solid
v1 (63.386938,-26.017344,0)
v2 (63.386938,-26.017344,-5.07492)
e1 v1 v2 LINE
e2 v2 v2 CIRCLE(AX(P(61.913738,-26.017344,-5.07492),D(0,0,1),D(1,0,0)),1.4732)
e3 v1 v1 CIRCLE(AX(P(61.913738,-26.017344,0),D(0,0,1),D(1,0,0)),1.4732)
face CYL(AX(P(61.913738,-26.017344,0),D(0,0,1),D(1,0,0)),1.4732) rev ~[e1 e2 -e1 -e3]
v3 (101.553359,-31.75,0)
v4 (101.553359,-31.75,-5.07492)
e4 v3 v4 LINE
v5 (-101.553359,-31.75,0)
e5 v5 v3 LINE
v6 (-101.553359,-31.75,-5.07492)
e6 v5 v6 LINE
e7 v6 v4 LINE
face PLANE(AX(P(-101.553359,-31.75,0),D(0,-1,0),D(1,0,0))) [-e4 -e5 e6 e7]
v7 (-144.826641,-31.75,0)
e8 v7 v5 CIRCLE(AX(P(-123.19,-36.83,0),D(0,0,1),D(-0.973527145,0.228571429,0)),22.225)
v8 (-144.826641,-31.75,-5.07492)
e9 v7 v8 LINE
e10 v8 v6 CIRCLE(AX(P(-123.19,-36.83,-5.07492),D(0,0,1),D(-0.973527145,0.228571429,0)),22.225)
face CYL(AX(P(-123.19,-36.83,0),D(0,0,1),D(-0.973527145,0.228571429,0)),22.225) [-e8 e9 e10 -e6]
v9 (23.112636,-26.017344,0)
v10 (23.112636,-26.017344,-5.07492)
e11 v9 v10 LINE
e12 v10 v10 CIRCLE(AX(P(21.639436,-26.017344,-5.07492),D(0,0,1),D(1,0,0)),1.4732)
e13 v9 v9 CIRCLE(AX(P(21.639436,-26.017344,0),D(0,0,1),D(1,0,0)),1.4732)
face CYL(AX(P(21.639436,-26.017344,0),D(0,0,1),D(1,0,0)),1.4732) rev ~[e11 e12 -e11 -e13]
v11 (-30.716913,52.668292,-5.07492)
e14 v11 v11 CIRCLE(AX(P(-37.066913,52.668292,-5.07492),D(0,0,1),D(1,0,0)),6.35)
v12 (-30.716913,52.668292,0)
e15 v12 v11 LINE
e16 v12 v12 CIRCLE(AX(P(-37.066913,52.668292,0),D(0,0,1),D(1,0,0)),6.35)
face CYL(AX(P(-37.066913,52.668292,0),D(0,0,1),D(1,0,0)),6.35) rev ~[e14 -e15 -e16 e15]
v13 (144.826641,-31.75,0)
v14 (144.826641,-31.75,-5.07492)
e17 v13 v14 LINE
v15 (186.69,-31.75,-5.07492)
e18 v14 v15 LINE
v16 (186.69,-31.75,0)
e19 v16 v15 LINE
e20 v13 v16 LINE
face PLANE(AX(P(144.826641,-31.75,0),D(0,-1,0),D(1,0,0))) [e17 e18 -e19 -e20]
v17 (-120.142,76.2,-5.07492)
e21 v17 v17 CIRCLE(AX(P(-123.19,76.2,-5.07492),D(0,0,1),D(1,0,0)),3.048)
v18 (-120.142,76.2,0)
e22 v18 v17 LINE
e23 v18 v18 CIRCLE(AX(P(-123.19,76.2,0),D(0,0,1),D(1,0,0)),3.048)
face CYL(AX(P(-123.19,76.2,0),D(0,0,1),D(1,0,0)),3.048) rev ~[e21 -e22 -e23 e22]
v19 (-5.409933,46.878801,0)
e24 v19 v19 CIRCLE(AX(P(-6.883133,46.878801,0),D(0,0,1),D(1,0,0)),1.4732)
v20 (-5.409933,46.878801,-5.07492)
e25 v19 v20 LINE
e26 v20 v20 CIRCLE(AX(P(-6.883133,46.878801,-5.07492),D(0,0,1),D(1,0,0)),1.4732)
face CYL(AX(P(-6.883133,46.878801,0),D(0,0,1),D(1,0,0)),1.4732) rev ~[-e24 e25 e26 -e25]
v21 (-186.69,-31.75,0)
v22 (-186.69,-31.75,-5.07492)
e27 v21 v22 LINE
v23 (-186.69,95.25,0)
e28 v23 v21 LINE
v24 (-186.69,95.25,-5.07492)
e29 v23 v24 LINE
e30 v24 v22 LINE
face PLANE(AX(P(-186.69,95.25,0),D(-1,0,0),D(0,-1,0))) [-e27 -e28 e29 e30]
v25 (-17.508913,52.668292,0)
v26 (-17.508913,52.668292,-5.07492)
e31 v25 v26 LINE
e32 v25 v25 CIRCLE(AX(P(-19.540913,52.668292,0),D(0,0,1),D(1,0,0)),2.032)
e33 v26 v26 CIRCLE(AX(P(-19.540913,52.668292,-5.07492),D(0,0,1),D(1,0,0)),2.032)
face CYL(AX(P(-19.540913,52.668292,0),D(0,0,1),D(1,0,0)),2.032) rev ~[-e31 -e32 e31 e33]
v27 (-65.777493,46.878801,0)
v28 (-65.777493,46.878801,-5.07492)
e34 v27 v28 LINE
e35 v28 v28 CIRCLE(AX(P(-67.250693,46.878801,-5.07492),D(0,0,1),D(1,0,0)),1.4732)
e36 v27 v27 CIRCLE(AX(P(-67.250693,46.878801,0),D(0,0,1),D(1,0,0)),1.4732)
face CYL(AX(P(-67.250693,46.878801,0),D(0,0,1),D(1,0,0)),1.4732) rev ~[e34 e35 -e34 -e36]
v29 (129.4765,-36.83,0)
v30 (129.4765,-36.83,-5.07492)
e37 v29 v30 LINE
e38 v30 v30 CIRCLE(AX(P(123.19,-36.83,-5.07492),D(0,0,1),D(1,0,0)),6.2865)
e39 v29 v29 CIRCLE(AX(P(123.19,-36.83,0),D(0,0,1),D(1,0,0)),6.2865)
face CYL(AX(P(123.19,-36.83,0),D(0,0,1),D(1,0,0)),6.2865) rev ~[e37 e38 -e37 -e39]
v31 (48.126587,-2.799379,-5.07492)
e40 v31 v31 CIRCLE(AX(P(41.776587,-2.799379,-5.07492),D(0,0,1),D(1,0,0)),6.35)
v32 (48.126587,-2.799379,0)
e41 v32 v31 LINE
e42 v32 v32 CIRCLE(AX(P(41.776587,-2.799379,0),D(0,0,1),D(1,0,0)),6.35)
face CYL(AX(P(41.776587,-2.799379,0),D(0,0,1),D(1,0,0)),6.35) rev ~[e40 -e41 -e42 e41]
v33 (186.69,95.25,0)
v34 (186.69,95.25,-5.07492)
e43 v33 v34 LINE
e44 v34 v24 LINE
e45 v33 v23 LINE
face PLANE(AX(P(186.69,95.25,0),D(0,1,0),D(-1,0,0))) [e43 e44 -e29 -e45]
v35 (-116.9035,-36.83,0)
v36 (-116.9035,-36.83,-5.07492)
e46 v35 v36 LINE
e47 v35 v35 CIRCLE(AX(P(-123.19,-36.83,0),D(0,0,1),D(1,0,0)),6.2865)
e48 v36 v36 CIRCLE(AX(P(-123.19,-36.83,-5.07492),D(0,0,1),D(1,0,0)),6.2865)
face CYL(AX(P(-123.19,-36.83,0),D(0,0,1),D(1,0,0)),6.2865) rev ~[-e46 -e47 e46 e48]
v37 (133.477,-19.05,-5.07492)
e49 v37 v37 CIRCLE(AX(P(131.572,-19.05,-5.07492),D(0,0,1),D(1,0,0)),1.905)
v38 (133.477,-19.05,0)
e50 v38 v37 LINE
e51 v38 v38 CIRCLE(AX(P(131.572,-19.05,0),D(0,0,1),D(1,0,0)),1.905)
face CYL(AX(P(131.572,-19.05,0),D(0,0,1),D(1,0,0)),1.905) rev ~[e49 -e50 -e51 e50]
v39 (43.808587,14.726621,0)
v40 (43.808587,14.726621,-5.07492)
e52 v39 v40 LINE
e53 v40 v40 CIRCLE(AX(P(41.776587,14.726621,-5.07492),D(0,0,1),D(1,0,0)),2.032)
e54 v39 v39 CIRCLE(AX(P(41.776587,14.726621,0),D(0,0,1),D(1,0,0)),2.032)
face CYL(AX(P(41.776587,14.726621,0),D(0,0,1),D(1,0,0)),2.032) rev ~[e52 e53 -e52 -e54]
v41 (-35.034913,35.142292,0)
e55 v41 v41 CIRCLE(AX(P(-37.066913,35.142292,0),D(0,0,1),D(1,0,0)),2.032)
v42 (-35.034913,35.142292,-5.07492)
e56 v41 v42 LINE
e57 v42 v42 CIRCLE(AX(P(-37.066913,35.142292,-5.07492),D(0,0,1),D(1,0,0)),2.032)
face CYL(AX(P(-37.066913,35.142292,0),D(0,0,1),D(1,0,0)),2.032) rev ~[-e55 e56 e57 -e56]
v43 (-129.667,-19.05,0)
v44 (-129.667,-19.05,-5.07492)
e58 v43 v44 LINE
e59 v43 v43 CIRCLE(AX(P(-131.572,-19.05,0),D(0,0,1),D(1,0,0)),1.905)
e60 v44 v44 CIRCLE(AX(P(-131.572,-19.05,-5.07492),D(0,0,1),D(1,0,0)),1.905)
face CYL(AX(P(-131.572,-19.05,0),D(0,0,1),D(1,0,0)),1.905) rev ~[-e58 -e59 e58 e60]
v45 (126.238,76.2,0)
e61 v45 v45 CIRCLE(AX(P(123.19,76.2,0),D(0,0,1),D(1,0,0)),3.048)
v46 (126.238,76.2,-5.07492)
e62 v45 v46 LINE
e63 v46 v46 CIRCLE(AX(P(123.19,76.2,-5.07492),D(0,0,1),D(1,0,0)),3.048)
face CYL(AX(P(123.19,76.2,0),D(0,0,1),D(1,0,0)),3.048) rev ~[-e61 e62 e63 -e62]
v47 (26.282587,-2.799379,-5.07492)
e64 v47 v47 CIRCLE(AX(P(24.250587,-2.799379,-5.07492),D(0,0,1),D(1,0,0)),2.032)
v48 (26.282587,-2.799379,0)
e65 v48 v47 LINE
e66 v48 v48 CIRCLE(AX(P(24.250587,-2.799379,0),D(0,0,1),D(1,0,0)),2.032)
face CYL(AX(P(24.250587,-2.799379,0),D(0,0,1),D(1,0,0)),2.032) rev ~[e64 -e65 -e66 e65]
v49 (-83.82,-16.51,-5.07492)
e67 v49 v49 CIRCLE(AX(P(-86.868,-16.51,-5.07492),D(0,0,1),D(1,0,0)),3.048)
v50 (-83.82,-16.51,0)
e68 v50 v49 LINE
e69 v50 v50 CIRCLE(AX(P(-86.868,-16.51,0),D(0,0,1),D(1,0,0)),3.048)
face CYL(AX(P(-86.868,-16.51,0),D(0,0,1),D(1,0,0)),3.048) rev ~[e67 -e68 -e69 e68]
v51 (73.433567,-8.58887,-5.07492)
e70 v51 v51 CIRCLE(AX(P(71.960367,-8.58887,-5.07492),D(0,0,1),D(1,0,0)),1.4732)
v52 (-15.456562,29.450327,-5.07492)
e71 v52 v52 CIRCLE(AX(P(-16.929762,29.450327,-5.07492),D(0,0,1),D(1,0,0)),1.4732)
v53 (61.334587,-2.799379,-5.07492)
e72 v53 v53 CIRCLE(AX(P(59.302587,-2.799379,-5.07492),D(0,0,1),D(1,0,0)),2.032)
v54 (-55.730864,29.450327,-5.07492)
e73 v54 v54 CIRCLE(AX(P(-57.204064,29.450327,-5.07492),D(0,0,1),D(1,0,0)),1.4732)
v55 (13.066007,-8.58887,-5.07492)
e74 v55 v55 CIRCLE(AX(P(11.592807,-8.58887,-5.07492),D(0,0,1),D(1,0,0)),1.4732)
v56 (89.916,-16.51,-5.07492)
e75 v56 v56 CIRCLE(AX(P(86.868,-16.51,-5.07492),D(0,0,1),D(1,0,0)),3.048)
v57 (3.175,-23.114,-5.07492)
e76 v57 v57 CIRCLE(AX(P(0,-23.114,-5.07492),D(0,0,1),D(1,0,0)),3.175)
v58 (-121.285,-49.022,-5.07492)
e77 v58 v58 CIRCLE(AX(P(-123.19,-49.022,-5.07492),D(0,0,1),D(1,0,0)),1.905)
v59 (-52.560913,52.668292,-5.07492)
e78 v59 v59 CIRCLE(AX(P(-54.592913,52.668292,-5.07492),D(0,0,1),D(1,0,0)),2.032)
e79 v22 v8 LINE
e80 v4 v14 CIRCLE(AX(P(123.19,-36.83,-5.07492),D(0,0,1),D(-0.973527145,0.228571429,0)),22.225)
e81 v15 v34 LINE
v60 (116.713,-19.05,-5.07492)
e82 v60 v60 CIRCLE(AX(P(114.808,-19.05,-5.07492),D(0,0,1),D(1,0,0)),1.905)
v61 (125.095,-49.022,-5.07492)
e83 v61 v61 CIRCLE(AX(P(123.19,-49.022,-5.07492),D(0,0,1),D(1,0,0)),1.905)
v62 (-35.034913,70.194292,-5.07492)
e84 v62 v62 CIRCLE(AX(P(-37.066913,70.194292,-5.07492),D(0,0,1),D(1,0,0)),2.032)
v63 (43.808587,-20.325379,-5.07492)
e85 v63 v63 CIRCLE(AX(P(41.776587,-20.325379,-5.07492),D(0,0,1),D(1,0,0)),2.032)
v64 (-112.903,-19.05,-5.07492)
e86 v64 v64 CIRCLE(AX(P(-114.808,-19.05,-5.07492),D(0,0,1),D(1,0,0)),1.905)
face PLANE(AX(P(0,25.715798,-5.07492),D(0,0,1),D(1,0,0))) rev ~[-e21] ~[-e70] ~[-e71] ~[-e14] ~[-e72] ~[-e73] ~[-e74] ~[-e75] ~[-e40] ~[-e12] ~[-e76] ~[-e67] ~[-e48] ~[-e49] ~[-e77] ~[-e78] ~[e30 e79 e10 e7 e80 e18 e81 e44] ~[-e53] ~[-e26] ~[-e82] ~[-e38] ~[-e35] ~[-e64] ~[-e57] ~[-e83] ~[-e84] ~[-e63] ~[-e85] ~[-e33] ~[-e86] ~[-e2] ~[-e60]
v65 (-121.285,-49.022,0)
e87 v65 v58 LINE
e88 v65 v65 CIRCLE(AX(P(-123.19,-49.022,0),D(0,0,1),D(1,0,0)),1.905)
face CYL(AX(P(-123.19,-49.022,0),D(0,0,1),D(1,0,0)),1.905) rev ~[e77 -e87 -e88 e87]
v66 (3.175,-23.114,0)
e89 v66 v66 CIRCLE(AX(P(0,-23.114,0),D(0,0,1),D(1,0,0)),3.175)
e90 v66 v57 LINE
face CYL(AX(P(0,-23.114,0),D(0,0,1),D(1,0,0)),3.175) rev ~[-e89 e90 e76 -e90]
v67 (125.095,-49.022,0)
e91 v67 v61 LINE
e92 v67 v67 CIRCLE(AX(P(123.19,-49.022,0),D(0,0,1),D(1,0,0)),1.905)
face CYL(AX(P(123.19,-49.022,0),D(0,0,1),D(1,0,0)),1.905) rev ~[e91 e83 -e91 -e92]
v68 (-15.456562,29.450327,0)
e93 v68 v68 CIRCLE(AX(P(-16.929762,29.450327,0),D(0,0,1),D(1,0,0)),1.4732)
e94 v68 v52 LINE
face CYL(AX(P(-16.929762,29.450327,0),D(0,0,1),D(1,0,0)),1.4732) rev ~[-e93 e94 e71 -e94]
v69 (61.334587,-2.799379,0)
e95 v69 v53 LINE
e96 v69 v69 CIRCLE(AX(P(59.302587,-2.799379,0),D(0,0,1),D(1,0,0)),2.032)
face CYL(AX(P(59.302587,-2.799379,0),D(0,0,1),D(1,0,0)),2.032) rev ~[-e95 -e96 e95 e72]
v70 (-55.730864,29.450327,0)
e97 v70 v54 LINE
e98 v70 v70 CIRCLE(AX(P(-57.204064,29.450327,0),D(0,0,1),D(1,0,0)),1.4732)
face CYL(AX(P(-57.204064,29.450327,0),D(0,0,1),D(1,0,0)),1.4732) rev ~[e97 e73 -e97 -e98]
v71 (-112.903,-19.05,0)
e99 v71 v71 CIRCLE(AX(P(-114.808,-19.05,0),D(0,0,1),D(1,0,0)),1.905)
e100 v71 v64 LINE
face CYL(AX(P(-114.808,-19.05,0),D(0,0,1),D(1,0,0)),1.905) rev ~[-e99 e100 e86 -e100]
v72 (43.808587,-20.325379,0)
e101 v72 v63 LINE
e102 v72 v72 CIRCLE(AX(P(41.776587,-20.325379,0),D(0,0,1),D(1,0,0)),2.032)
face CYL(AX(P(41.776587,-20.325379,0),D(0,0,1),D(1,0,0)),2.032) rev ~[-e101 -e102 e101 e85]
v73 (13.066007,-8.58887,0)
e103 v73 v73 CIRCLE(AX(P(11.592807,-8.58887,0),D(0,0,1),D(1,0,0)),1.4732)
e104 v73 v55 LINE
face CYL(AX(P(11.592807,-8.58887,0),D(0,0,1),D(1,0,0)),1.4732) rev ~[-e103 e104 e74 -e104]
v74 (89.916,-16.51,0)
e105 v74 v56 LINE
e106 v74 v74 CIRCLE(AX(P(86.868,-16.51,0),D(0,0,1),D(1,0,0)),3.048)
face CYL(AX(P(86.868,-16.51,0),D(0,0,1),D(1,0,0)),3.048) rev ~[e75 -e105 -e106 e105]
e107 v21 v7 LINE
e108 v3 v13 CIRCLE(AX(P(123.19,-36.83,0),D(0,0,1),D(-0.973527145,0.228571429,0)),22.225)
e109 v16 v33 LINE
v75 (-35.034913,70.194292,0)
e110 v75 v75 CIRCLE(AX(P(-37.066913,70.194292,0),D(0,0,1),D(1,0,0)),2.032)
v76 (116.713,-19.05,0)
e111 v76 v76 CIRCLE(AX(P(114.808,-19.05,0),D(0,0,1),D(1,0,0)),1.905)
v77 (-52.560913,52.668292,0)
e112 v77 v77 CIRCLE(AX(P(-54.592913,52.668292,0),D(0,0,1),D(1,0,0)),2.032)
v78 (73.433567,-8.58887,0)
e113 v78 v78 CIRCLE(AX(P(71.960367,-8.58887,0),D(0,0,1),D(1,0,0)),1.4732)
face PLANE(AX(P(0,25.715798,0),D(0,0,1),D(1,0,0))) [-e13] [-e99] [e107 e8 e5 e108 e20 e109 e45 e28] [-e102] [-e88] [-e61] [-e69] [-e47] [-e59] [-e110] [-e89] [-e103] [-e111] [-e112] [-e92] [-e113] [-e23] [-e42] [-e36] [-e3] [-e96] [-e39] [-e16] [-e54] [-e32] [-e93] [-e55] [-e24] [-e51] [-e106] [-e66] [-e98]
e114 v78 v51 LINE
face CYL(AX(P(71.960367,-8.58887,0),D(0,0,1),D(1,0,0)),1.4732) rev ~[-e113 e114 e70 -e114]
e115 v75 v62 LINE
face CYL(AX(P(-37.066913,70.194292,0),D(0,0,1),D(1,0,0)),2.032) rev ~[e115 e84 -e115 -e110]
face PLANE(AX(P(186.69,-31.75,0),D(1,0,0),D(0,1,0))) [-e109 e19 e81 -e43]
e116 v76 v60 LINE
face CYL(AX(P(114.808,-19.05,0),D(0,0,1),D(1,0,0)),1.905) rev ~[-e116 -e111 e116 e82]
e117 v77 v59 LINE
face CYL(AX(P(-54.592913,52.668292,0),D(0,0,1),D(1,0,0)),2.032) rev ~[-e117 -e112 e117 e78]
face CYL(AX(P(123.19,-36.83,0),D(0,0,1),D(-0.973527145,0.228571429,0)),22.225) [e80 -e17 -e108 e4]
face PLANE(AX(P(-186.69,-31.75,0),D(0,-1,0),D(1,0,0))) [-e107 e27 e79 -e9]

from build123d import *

# Parameters (mm, degrees)
SKETCH2_R           = 3.048
BOSS_EXTRUDE1_DEPTH = 5.07492
SKETCH2_4_R         = 6.2865
CUT_EXTRUDE11_DEPTH = 210.646067011
SKETCH3_R           = 6.35
SKETCH3_R_2         = 2.032
CUT_EXTRUDE12_DEPTH = 210.646067011
SKETCH5_R           = 1.4732
CUT_EXTRUDE13_DEPTH = 210.646067011
SKETCH7_R           = 1.905
CUT_EXTRUDE14_DEPTH = 210.646067011
SKETCH8_R           = 3.175
CUT_EXTRUDE15_DEPTH = 210.646067011


with BuildPart() as part:
    # Sketch2 → Boss-Extrude1 (new body)
    with BuildSketch(Plane.XY):
        with BuildLine():
            Line((-186.69, -31.75), (-144.826640797, -31.75))
            ThreePointArc((-144.826640797, -31.75), (-123.19, -59.055), (-101.553359203, -31.75))
            Line((-101.553359203, -31.75), (101.553359203, -31.75))
            ThreePointArc((101.553359203, -31.75), (123.19, -59.055), (144.826640797, -31.75))
            Line((144.826640797, -31.75), (186.69, -31.75))
            Line((186.69, -31.75), (186.69, 95.25))
            Line((186.69, 95.25), (-186.69, 95.25))
            Line((-186.69, 95.25), (-186.69, -31.75))
        make_face()
        with Locations((-86.868, -16.51)):
            Circle(SKETCH2_R, mode=Mode.SUBTRACT)
        with Locations((86.868, -16.51)):
            Circle(SKETCH2_R, mode=Mode.SUBTRACT)
        with Locations((123.19, 76.2)):
            Circle(SKETCH2_R, mode=Mode.SUBTRACT)
        with Locations((-123.19, 76.2)):
            Circle(SKETCH2_R, mode=Mode.SUBTRACT)
    extrude(amount=-BOSS_EXTRUDE1_DEPTH)

    # Sketch2<4> → Cut-Extrude11 (cut, through all)
    with BuildSketch(Plane.XY):
        with Locations((-123.19, -36.83)):
            Circle(SKETCH2_4_R)
        with Locations((123.19, -36.83)):
            Circle(SKETCH2_4_R)
    extrude(amount=-CUT_EXTRUDE11_DEPTH, mode=Mode.SUBTRACT)

    # Sketch3 → Cut-Extrude12 (cut, through all)
    with BuildSketch(Plane.XY):
        with Locations((-37.066912964, 52.668292248)):
            Circle(SKETCH3_R)
        with Locations((41.776586977, -2.799378671)):
            Circle(SKETCH3_R)
        with Locations((-54.592912964, 52.668292248)):
            Circle(SKETCH3_R_2)
        with Locations((-37.066912964, 70.194292248)):
            Circle(SKETCH3_R_2)
        with Locations((-37.066912964, 35.142292248)):
            Circle(SKETCH3_R_2)
        with Locations((-19.540912964, 52.668292248)):
            Circle(SKETCH3_R_2)
        with Locations((24.250586977, -2.799378671)):
            Circle(SKETCH3_R_2)
        with Locations((59.302586977, -2.799378671)):
            Circle(SKETCH3_R_2)
        with Locations((41.776586977, 14.726621329)):
            Circle(SKETCH3_R_2)
        with Locations((41.776586977, -20.325378671)):
            Circle(SKETCH3_R_2)
    extrude(amount=-CUT_EXTRUDE12_DEPTH, mode=Mode.SUBTRACT)

    # Sketch5 → Cut-Extrude13 (cut, through all)
    with BuildSketch(Plane.XY):
        with Locations((-67.25069254, 46.878801212)):
            Circle(SKETCH5_R)
        with Locations((-6.883133387, 46.878801212)):
            Circle(SKETCH5_R)
        with Locations((-57.204064287, 29.45032738)):
            Circle(SKETCH5_R)
        with Locations((-16.929761641, 29.45032738)):
            Circle(SKETCH5_R)
        with Locations((11.5928074, -8.588869707)):
            Circle(SKETCH5_R)
        with Locations((71.960366554, -8.588869707)):
            Circle(SKETCH5_R)
        with Locations((21.639435654, -26.017343538)):
            Circle(SKETCH5_R)
        with Locations((61.9137383, -26.017343538)):
            Circle(SKETCH5_R)
    extrude(amount=-CUT_EXTRUDE13_DEPTH, mode=Mode.SUBTRACT)

    # Sketch7 → Cut-Extrude14 (cut, through all)
    with BuildSketch(Plane.XY):
        with Locations((131.572, -19.05)):
            Circle(SKETCH7_R)
        with Locations((114.808, -19.05)):
            Circle(SKETCH7_R)
        with Locations((-123.19, -49.022)):
            Circle(SKETCH7_R)
        with Locations((-131.572, -19.05)):
            Circle(SKETCH7_R)
        with Locations((-114.808, -19.05)):
            Circle(SKETCH7_R)
        with Locations((123.19, -49.022)):
            Circle(SKETCH7_R)
    extrude(amount=-CUT_EXTRUDE14_DEPTH, mode=Mode.SUBTRACT)

    # Sketch8 → Cut-Extrude15 (cut, through all)
    with BuildSketch(Plane.XY):
        with Locations((0, -23.114)):
            Circle(SKETCH8_R)
    extrude(amount=-CUT_EXTRUDE15_DEPTH, mode=Mode.SUBTRACT)


solid = part.part
